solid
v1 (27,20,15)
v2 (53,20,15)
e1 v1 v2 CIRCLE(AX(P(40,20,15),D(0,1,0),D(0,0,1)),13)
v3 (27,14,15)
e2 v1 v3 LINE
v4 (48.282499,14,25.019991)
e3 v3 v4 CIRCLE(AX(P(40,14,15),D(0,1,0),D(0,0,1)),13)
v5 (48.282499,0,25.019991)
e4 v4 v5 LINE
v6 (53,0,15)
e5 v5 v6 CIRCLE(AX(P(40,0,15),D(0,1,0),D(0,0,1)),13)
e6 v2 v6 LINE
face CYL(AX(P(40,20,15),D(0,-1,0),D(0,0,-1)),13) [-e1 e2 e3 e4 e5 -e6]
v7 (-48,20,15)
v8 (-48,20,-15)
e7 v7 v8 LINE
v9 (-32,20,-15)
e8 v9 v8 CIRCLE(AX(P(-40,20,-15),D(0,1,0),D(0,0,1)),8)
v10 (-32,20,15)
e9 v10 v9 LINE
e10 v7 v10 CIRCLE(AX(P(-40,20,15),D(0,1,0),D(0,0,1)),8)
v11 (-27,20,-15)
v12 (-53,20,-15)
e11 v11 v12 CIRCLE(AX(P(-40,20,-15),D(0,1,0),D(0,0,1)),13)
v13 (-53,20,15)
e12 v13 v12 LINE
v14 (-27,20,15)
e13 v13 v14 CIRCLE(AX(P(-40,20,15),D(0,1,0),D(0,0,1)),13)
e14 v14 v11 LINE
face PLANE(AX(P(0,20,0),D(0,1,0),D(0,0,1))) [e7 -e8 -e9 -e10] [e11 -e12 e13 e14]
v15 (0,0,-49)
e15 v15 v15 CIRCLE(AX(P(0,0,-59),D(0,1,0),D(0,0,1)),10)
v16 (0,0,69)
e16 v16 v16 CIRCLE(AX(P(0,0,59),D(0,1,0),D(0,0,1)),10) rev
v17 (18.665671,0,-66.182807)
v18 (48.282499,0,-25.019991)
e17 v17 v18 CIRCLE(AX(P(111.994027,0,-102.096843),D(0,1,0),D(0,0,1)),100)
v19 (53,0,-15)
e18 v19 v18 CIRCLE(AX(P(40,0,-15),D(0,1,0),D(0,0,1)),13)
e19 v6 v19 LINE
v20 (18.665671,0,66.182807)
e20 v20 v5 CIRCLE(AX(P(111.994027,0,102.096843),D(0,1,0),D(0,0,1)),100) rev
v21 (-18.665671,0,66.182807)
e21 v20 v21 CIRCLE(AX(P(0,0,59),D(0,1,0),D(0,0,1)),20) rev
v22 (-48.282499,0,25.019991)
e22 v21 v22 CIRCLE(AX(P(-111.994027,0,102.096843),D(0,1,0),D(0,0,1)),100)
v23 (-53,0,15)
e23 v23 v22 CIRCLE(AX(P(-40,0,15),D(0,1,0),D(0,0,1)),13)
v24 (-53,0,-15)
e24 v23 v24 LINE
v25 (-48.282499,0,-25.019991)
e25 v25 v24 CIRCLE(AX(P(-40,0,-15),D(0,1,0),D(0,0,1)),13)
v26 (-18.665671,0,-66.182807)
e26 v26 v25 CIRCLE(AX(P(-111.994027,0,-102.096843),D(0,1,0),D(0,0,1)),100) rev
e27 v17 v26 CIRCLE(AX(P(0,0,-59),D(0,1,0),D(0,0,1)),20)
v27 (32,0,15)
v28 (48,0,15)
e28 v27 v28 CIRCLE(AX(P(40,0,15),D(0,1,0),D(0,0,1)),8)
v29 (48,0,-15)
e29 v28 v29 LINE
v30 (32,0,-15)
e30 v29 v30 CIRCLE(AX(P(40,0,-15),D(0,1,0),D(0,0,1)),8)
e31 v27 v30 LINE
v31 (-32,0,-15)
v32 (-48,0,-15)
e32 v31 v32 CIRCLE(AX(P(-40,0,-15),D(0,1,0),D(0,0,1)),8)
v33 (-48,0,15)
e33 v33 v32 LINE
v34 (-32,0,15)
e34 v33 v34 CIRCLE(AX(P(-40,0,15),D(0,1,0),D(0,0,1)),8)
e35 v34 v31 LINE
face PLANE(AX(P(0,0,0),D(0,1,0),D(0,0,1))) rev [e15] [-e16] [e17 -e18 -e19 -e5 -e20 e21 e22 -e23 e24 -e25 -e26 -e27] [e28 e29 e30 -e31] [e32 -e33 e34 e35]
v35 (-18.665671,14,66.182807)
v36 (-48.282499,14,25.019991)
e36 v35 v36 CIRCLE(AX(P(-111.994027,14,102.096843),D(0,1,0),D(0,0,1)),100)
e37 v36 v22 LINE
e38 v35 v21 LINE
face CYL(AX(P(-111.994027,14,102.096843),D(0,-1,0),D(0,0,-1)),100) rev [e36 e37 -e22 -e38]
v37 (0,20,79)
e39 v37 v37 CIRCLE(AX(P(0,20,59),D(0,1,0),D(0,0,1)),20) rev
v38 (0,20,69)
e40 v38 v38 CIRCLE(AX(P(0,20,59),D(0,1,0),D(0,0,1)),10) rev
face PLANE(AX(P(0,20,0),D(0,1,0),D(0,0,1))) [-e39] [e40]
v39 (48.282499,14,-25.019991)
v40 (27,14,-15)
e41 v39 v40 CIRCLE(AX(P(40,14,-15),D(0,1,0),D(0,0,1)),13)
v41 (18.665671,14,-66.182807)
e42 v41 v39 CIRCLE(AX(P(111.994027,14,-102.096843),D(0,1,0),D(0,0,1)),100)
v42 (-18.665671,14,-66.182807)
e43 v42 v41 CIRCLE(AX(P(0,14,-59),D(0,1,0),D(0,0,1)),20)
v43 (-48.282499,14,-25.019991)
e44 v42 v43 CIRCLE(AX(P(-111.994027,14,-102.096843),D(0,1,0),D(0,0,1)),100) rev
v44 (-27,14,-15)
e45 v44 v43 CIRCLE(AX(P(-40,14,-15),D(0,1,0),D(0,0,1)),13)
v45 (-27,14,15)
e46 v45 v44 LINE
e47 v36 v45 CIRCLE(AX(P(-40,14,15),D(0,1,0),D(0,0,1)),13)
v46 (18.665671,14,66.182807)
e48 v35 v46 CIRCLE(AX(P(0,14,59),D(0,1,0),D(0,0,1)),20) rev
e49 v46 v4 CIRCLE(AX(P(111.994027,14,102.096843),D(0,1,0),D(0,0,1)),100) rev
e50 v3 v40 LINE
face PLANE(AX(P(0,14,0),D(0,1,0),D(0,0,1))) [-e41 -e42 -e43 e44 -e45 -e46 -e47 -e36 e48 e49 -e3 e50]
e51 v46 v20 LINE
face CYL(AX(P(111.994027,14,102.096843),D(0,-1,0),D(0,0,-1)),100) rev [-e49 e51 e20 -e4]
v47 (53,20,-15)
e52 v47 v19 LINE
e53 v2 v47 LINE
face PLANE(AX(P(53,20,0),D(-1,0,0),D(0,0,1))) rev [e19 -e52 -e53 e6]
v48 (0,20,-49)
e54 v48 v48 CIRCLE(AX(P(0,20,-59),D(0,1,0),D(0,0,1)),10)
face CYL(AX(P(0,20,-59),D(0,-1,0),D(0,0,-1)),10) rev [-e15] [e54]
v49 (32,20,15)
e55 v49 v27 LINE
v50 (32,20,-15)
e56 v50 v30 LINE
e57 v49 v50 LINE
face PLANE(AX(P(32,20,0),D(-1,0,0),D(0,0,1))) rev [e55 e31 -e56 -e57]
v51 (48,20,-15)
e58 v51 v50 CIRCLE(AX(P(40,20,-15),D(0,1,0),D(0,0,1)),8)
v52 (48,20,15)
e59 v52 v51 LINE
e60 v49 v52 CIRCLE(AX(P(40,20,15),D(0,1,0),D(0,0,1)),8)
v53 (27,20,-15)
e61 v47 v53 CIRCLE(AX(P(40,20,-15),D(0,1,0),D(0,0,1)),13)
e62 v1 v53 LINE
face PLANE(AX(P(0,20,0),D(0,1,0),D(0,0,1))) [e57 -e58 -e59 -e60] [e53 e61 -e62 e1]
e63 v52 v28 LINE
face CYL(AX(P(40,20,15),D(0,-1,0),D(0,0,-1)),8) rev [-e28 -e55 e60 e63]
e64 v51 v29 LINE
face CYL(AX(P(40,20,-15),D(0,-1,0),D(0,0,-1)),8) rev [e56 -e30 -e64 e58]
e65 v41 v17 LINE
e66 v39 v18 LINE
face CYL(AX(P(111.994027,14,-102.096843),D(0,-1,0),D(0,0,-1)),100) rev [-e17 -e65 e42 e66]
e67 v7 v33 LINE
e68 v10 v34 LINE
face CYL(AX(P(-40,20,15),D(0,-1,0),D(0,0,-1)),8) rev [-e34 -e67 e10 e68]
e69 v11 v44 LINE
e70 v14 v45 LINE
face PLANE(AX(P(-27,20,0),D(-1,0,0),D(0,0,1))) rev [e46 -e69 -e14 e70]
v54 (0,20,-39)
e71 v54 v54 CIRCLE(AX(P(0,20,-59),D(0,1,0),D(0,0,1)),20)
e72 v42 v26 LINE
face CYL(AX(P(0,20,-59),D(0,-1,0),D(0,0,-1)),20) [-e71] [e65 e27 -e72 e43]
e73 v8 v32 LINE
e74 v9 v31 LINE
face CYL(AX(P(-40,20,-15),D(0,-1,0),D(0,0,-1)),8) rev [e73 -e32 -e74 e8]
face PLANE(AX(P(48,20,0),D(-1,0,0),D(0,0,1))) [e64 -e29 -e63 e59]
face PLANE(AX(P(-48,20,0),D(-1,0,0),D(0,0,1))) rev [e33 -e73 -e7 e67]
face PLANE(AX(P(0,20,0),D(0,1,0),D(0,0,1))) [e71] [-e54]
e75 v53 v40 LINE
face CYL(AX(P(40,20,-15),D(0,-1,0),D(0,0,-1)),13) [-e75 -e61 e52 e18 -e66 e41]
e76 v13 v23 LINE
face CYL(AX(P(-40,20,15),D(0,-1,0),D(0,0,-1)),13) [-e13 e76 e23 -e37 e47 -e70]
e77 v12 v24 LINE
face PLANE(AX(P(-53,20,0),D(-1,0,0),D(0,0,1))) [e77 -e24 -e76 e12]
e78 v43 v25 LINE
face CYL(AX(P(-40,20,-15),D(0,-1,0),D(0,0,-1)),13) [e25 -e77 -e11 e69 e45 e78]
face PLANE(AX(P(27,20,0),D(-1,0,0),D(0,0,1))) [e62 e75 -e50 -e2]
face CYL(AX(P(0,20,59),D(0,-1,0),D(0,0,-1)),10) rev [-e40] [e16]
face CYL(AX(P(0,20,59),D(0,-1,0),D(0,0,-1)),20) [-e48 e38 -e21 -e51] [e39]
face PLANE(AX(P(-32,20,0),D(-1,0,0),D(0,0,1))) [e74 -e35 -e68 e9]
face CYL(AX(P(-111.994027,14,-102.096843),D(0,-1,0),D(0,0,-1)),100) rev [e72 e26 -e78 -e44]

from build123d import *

# Parameters (mm, degrees)
BOSS_EXTRUDE1_DEPTH = 14
SKETCH1_3_R         = 20
SKETCH1_3_R_2       = 10
BOSS_EXTRUDE2_DEPTH = 20


with BuildPart() as part:
    # Sketch1 → Boss-Extrude1 (new body)
    with BuildSketch(Plane(origin=(0, 0, 0), x_dir=(1, 0, 0), z_dir=(0, 1, 0))):
        with BuildLine():
            ThreePointArc((48.282498705, -25.019990778), (34.462513349, -26.76164281), (27, -15))
            Line((27, -15), (27, 15))
            ThreePointArc((27, 15), (34.462513349, 26.76164281), (48.282498705, 25.019990778))
            ThreePointArc((48.282498705, 25.019990778), (30.821521428, 43.692867837), (18.665671202, 66.182807153))
            ThreePointArc((18.665671202, 66.182807153), (19.663588483, 62.652846559), (20, 59))
            ThreePointArc((20, 59), (-3.652846559, 39.336411517), (-18.665671202, 66.182807153))
            ThreePointArc((-18.665671202, 66.182807153), (-30.821521428, 43.692867837), (-48.282498705, 25.019990778))
            ThreePointArc((-48.282498705, 25.019990778), (-34.462513349, 26.76164281), (-27, 15))
            Line((-27, 15), (-27, -15))
            ThreePointArc((-27, -15), (-34.462513349, -26.76164281), (-48.282498705, -25.019990778))
            ThreePointArc((-48.282498705, -25.019990778), (-30.821521428, -43.692867837), (-18.665671202, -66.182807153))
            ThreePointArc((-18.665671202, -66.182807153), (-3.652846559, -39.336411517), (20, -59))
            ThreePointArc((20, -59), (19.663588483, -62.652846559), (18.665671202, -66.182807153))
            ThreePointArc((18.665671202, -66.182807153), (30.821521428, -43.692867837), (48.282498705, -25.019990778))
        make_face()
    extrude(amount=BOSS_EXTRUDE1_DEPTH)

    # Sketch1<3> → Boss-Extrude2 (add)
    # profile 1 of 4: a face of its own
    with BuildSketch(Plane(origin=(0, 0, 0), x_dir=(1, 0, 0), z_dir=(0, 1, 0))):
        with BuildLine():
            Line((27, 15), (27, -15))
            ThreePointArc((27, -15), (40, -28), (53, -15))
            Line((53, -15), (53, 15))
            ThreePointArc((53, 15), (40, 28), (27, 15))
        make_face()
        with BuildLine():
            ThreePointArc((48, -15), (40, -23), (32, -15))
            Line((32, -15), (32, 15))
            ThreePointArc((32, 15), (40, 23), (48, 15))
            Line((48, 15), (48, -15))
        make_face(mode=Mode.SUBTRACT)
    # profile 2 of 4: a face of its own
    with BuildSketch(Plane(origin=(0, 0, 0), x_dir=(1, 0, 0), z_dir=(0, 1, 0))):
        with Locations((0, -59)):
            Circle(SKETCH1_3_R)
        with Locations((0, -59)):
            Circle(SKETCH1_3_R_2, mode=Mode.SUBTRACT)
    # profile 3 of 4: a face of its own
    with BuildSketch(Plane(origin=(0, 0, 0), x_dir=(1, 0, 0), z_dir=(0, 1, 0))):
        with Locations((0, 59)):
            Circle(SKETCH1_3_R)
        with Locations((0, 59)):
            Circle(SKETCH1_3_R_2, mode=Mode.SUBTRACT)
    # profile 4 of 4: a face of its own
    with BuildSketch(Plane(origin=(0, 0, 0), x_dir=(1, 0, 0), z_dir=(0, 1, 0))):
        with BuildLine():
            ThreePointArc((-53, -15), (-40, -28), (-27, -15))
            Line((-27, -15), (-27, 15))
            ThreePointArc((-27, 15), (-40, 28), (-53, 15))
            Line((-53, 15), (-53, -15))
        make_face()
        with BuildLine():
            ThreePointArc((-32, -15), (-40, -23), (-48, -15))
            Line((-48, -15), (-48, 15))
            ThreePointArc((-48, 15), (-40, 23), (-32, 15))
            Line((-32, 15), (-32, -15))
        make_face(mode=Mode.SUBTRACT)
    extrude(amount=BOSS_EXTRUDE2_DEPTH)


solid = part.part
